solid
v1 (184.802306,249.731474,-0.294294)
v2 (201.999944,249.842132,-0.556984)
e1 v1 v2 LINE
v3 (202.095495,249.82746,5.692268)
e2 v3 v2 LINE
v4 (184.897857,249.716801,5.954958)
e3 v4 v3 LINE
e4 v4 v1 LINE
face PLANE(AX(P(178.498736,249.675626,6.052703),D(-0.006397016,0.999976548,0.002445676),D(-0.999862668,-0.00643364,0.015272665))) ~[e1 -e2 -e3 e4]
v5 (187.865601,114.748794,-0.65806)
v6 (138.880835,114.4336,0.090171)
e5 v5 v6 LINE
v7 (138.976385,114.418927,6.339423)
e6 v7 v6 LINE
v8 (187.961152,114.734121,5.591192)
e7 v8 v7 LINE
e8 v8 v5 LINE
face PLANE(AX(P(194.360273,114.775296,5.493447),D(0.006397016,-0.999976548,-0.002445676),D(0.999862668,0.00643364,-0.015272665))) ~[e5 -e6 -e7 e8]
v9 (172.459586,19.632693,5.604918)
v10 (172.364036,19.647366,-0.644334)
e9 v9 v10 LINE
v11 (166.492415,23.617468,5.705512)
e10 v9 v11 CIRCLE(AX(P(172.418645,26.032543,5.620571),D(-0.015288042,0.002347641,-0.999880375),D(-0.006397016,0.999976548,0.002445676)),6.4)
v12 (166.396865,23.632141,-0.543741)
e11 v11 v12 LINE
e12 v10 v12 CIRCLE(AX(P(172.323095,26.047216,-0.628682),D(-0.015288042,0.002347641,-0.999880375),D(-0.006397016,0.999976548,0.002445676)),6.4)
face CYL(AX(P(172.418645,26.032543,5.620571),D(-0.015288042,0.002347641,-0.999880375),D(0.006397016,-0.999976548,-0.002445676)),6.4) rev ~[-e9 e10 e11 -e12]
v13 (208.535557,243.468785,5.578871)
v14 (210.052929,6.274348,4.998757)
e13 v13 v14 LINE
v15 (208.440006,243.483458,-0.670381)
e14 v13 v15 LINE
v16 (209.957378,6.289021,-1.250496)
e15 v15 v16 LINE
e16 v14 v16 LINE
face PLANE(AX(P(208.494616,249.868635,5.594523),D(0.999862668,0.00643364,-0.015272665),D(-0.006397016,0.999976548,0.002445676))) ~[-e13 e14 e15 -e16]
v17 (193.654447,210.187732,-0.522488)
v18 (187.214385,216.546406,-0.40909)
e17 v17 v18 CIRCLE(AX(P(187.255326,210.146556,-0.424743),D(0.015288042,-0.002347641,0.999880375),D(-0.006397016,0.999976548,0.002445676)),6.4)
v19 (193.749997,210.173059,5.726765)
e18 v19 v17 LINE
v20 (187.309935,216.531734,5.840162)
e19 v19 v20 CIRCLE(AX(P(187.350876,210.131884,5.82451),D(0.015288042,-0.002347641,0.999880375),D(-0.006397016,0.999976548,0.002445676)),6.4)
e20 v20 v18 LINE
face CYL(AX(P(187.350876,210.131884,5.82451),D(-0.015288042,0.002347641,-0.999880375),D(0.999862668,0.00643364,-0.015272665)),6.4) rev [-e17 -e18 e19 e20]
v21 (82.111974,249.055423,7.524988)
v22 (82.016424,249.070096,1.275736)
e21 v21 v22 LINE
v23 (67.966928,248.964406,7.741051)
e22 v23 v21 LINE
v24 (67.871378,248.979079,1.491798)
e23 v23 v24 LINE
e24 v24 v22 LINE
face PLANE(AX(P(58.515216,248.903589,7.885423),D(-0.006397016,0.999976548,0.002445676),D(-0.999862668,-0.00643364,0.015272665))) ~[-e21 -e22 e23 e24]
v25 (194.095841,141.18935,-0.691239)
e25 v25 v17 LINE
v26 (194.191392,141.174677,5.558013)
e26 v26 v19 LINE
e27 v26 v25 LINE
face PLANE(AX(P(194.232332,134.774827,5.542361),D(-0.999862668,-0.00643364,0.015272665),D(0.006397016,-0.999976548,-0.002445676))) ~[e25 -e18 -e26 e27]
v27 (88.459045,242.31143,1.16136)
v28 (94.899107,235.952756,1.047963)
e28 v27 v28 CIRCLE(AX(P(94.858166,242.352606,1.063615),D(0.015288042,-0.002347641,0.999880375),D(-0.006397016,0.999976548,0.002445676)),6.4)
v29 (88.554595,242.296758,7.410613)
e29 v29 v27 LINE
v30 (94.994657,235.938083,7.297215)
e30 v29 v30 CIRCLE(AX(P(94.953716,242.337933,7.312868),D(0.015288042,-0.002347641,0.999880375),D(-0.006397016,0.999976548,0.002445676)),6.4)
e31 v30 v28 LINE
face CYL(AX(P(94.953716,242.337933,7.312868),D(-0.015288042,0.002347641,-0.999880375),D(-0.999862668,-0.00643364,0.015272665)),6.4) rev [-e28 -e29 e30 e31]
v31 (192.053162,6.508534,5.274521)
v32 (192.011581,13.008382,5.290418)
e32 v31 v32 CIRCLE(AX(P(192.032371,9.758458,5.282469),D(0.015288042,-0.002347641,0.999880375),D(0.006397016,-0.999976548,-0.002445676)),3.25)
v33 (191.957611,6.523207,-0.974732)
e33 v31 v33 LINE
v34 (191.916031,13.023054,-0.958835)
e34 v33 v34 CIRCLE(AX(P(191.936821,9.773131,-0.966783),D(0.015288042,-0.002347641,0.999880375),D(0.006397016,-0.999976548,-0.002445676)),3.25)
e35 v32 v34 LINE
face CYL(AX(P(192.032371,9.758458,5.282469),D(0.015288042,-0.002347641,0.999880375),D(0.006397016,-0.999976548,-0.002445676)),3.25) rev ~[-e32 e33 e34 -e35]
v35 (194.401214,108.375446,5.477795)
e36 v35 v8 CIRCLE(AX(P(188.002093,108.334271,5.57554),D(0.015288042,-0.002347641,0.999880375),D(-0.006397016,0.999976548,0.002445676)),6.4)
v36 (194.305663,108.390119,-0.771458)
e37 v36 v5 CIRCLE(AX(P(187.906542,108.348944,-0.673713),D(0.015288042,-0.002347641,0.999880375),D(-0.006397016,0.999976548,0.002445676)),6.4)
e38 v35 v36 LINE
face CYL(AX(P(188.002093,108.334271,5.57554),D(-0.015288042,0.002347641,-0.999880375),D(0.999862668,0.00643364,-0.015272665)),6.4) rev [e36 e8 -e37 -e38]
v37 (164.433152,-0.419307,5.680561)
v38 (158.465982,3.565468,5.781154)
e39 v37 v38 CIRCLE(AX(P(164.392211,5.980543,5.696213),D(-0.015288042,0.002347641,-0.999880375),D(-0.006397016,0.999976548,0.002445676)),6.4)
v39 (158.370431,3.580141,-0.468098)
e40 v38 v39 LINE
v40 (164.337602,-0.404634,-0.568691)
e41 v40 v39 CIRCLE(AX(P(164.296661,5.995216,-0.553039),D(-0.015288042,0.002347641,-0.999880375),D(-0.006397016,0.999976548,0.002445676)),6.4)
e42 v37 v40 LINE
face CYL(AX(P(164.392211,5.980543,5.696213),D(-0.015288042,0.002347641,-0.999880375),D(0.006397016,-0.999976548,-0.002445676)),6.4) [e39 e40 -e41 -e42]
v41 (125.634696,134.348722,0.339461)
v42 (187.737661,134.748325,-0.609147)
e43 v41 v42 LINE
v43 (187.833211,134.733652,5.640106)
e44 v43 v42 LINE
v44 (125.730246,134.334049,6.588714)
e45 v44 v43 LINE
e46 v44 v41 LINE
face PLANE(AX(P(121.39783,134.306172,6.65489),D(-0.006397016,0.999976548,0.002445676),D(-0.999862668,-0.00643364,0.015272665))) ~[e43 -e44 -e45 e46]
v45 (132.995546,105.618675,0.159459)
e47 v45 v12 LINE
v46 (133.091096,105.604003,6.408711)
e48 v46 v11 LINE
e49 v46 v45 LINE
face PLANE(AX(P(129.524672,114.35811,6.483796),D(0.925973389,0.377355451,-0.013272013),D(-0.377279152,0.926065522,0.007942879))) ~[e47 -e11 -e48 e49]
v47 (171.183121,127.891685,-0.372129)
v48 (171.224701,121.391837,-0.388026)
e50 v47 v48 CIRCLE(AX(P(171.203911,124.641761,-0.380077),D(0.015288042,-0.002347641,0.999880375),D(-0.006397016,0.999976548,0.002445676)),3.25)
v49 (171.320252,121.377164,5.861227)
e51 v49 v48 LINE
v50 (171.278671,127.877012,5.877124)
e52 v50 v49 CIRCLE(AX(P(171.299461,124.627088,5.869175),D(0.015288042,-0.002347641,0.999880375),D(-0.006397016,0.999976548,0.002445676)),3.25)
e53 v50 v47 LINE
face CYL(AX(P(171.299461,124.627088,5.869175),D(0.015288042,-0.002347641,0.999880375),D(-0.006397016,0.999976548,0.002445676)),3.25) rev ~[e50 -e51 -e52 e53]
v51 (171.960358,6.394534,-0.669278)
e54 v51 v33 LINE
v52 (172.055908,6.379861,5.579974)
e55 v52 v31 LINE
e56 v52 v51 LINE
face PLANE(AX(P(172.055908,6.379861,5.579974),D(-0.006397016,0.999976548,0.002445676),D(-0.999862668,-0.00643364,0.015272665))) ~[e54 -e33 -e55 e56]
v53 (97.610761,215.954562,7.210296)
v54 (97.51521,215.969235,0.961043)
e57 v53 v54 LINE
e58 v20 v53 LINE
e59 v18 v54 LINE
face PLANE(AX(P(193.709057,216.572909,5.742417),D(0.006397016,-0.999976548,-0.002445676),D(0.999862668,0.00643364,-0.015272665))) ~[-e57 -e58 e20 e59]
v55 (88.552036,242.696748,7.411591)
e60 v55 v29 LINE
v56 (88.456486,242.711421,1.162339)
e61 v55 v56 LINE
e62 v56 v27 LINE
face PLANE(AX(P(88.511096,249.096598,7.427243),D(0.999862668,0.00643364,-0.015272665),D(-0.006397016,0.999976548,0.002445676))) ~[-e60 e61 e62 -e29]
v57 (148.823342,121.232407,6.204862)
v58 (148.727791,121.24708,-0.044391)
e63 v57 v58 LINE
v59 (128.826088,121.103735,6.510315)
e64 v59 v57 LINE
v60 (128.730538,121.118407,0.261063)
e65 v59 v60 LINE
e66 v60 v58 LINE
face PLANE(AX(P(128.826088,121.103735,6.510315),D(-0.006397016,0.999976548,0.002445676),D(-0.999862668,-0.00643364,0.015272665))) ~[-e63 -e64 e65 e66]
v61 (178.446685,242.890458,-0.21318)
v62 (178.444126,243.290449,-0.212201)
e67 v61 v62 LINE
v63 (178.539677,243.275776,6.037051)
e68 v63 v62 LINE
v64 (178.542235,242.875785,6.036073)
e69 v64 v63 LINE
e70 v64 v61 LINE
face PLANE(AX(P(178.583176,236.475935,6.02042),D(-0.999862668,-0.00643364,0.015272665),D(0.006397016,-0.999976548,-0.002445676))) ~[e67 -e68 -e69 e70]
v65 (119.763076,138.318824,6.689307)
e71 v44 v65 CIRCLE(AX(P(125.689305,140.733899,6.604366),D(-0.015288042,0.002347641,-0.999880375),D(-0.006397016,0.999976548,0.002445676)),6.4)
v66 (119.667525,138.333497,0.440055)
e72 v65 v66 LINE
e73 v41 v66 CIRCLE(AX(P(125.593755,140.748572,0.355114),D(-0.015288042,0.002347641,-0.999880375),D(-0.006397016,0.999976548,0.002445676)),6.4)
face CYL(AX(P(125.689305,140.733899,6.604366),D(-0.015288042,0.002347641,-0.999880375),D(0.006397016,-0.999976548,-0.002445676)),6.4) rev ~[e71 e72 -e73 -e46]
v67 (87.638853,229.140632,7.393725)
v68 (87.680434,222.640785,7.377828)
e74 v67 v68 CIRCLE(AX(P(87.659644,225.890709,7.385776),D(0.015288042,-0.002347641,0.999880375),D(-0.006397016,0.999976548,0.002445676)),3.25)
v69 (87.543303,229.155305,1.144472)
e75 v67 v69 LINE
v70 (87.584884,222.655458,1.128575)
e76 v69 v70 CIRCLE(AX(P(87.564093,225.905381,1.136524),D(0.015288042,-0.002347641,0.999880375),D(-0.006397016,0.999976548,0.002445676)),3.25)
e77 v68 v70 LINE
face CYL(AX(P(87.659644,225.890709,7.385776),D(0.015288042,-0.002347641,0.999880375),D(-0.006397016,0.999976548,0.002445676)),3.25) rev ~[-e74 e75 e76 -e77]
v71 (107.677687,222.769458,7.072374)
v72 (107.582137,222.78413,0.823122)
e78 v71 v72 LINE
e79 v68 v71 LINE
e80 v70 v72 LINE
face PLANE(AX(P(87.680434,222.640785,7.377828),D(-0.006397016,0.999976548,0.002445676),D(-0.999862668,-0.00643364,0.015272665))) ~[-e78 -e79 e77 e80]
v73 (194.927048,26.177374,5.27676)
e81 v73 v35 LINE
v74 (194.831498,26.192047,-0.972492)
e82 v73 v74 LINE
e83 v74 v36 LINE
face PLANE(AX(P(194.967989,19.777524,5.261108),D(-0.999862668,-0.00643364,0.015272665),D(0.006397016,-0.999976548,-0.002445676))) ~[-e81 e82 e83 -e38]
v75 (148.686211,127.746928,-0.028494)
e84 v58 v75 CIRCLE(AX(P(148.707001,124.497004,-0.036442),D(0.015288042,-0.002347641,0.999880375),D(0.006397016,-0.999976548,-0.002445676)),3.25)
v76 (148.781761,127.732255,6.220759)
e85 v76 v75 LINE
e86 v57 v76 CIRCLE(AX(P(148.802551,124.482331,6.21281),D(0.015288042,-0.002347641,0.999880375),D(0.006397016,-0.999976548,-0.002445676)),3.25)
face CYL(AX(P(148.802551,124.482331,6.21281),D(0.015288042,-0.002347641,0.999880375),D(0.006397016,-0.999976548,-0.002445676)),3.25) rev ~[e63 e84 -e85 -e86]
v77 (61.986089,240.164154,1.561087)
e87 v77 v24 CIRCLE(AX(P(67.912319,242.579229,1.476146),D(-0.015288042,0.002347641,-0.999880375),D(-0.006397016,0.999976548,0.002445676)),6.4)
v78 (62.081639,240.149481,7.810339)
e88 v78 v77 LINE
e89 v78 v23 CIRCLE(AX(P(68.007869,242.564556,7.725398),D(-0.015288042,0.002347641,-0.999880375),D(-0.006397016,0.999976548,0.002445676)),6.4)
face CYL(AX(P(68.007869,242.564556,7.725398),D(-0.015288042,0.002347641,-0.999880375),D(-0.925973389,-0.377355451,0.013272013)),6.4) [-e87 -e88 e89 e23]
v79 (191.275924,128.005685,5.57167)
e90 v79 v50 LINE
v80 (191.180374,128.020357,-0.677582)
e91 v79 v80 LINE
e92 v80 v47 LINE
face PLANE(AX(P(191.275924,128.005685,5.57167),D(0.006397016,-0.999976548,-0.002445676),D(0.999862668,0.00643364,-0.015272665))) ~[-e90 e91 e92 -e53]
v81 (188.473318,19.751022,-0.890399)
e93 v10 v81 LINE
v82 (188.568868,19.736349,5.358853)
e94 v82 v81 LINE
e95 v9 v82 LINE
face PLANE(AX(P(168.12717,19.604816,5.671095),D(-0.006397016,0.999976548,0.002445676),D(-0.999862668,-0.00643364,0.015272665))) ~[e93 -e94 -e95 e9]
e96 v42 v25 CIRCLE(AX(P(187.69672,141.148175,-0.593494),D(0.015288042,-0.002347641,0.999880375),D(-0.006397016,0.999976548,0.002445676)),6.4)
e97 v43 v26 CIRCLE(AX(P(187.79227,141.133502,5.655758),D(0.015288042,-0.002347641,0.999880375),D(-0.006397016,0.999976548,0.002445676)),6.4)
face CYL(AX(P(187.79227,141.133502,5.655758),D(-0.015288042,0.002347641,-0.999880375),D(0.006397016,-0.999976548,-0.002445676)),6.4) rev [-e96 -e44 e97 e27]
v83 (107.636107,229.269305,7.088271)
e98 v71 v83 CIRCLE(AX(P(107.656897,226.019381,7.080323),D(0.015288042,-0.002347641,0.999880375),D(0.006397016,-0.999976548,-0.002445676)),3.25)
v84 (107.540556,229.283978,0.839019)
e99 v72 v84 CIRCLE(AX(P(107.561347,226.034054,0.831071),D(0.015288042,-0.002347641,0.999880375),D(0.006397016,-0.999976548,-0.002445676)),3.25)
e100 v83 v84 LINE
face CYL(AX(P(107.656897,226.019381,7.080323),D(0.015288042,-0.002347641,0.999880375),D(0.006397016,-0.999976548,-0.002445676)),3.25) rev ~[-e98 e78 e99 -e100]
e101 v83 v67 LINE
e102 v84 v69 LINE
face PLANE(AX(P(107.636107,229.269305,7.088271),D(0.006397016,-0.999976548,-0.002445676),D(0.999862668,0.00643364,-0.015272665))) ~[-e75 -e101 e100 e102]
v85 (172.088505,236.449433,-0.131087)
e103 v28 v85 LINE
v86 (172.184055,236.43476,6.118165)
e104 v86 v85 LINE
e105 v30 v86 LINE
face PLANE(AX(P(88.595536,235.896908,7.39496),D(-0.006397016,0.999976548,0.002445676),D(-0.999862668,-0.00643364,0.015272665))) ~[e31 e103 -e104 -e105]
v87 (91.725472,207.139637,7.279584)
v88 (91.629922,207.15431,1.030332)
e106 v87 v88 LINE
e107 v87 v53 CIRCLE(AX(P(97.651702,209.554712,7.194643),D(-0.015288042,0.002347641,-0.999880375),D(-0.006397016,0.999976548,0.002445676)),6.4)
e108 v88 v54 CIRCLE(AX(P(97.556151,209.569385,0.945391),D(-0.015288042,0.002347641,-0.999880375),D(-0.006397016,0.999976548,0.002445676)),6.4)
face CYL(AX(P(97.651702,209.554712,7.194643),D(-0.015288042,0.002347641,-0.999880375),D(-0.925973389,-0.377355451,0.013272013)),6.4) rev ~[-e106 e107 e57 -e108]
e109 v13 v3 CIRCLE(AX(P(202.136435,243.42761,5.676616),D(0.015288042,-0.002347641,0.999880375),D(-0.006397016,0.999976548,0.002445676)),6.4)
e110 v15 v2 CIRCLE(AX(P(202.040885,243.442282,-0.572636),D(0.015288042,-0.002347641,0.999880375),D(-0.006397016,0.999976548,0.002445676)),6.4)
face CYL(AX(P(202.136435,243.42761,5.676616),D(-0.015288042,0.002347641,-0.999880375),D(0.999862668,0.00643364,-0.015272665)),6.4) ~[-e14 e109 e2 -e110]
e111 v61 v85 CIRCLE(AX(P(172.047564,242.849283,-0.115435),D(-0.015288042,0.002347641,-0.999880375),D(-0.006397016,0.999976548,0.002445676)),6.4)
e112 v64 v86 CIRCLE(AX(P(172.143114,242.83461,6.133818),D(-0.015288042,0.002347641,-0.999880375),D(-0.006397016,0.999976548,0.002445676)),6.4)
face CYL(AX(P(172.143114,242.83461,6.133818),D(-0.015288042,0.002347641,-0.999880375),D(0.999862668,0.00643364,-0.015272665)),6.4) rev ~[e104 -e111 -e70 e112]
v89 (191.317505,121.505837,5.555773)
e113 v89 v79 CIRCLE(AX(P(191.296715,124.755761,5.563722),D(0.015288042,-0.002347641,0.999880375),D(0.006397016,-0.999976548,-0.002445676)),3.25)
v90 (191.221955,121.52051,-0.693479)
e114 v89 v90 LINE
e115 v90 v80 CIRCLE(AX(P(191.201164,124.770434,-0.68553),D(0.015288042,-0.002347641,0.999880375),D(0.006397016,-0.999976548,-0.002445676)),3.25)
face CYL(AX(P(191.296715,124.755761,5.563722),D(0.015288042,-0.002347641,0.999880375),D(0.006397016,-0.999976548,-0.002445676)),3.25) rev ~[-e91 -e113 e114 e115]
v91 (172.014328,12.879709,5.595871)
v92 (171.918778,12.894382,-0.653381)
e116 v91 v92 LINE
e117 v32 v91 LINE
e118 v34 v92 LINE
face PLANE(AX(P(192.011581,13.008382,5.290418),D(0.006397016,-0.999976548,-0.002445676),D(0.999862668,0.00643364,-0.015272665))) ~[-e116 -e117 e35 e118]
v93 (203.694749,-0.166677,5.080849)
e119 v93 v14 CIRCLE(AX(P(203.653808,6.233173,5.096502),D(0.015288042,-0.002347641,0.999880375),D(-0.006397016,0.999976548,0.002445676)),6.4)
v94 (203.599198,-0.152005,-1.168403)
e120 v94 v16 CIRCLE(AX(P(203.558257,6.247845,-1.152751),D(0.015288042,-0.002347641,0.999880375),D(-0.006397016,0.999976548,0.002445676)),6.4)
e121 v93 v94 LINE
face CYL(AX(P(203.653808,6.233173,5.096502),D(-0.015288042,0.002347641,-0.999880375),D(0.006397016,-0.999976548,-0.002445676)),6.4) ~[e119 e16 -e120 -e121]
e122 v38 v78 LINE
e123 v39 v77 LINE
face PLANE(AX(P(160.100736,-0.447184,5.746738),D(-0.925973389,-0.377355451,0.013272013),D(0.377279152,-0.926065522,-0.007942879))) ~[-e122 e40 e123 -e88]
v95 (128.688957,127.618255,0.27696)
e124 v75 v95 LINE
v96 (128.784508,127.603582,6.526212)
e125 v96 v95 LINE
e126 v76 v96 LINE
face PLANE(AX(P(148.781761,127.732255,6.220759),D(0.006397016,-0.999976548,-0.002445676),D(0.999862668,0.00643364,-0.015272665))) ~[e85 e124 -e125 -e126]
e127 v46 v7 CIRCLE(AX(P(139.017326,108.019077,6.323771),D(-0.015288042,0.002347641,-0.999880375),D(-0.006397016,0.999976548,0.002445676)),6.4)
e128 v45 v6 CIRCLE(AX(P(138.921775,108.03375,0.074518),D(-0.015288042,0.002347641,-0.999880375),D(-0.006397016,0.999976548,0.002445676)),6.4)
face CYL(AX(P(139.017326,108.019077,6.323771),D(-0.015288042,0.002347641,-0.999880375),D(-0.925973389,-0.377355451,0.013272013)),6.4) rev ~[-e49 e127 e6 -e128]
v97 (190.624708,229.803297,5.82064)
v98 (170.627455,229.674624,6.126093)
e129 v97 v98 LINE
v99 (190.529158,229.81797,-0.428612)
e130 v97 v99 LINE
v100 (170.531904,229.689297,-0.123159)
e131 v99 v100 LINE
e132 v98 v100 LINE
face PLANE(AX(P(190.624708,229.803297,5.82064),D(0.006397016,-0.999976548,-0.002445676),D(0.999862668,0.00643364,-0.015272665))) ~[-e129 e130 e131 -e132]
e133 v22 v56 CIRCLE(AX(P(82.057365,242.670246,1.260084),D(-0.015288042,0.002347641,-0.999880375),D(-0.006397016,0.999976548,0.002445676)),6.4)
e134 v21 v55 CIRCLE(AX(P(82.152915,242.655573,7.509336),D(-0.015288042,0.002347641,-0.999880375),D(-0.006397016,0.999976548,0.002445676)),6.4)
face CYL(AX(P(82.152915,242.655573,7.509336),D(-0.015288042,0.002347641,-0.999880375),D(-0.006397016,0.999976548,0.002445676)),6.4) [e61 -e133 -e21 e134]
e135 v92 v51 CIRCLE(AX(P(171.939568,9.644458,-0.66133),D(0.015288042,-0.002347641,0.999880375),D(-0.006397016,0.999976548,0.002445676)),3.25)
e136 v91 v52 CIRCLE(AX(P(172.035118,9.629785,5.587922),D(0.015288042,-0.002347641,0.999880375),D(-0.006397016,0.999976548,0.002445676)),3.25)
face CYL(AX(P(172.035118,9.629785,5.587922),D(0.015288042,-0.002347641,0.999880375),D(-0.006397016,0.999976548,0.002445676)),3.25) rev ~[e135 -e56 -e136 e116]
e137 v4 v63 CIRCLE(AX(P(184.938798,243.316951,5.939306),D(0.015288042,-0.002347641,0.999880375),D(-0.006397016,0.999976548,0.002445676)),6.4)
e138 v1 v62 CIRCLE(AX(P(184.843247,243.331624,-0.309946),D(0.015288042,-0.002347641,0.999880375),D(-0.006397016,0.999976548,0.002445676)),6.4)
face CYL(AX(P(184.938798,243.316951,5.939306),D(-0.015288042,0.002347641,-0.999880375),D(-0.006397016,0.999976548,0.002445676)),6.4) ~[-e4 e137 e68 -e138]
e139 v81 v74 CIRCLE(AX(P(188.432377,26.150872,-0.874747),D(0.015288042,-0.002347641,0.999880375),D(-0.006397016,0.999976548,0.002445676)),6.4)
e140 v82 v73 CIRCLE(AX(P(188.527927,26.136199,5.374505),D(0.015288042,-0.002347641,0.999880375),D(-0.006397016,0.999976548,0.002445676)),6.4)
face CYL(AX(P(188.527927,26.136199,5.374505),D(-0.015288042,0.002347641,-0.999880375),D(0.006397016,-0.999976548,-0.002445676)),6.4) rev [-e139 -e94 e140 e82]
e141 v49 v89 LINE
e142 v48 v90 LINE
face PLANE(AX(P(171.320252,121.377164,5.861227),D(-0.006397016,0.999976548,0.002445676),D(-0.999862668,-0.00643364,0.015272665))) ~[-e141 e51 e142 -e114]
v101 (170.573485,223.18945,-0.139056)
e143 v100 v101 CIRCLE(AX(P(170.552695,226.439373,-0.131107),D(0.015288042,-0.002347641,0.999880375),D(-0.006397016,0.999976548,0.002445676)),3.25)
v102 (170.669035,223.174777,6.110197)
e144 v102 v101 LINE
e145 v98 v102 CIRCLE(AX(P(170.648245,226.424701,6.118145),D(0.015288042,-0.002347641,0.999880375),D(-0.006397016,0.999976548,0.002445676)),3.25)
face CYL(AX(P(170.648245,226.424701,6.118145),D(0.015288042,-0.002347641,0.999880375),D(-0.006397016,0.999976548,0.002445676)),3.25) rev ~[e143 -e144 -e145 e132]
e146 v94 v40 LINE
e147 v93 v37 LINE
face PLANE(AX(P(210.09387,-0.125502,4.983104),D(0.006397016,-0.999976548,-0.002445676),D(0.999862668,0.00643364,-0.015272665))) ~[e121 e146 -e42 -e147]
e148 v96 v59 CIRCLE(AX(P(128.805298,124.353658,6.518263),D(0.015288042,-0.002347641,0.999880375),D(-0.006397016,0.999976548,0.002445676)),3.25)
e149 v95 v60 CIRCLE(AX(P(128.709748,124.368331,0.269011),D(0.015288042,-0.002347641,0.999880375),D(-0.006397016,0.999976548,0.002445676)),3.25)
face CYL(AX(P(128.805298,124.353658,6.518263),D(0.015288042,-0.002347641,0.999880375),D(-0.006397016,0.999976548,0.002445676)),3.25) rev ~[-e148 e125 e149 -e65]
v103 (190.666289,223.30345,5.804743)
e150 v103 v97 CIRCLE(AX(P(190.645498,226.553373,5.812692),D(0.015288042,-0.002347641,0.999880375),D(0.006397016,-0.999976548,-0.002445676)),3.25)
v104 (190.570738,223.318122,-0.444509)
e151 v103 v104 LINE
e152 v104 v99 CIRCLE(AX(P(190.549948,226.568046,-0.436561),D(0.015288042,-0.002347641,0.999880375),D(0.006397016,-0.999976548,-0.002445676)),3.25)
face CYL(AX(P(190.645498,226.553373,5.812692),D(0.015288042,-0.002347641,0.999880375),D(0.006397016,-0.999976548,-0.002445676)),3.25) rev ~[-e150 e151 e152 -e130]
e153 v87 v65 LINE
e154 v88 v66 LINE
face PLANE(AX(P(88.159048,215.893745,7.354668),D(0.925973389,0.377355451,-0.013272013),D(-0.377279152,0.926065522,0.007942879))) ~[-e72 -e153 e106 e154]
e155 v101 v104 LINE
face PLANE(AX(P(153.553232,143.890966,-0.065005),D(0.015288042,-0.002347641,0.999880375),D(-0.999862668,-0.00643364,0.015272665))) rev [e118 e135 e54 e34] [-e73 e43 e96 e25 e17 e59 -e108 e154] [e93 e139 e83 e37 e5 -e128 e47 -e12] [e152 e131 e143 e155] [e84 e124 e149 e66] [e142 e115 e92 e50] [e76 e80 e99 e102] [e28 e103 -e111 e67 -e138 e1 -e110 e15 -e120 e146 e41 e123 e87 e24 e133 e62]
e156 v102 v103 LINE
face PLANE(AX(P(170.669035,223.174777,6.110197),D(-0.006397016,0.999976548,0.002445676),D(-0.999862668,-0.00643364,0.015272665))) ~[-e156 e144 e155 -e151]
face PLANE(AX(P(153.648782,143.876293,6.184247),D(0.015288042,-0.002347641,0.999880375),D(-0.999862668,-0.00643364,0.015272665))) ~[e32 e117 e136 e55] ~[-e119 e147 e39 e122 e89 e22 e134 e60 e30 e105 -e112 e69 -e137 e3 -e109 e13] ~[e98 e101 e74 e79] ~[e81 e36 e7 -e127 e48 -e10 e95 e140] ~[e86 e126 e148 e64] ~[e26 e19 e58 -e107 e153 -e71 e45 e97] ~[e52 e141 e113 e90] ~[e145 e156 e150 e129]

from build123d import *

# Parameters (mm, degrees)
PAD_DEPTH              = 6.25
FILLET_R               = 6.4
MIRROR_ROLL_ANGLE      = -179.860361
MIRROR_PITCH_ANGLE     = 0.86933
MIRROR_PLACEMENT_ANGLE = 0.335531


with BuildPart() as body:
    # Sketch → Pad (new body)
    with BuildSketch(Plane.XY):
        Polygon((0, 250), (50, 250), (150, 0), (120, 0), (120, 13.2), (30, 13.2), (30, 0), (0, 0), align=None)
        Polygon((15, 230), (15, 135), (79.844506, 135), (41.844506, 230), align=None, mode=Mode.SUBTRACT)
        Polygon((15, 115), (15, 33.2), (120.564506, 33.2), (87.844506, 115), align=None, mode=Mode.SUBTRACT)
        with BuildLine():
            ThreePointArc((18, 243.25), (14.75, 240), (18, 236.75))
            Line((18, 236.75), (38, 236.75))
            ThreePointArc((38, 236.75), (41.25, 240), (38, 243.25))
            Line((38, 243.25), (18, 243.25))
        make_face(mode=Mode.SUBTRACT)
        with BuildLine():
            ThreePointArc((60.5, 128.25), (57.25, 125), (60.5, 121.75))
            Line((60.5, 121.75), (80.5, 121.75))
            ThreePointArc((80.5, 121.75), (83.75, 125), (80.5, 128.25))
            Line((80.5, 128.25), (60.5, 128.25))
        make_face(mode=Mode.SUBTRACT)
        with BuildLine():
            ThreePointArc((18, 128.25), (14.75, 125), (18, 121.75))
            Line((18, 121.75), (38, 121.75))
            ThreePointArc((38, 121.75), (41.25, 125), (38, 128.25))
            Line((38, 128.25), (18, 128.25))
        make_face(mode=Mode.SUBTRACT)
        with BuildLine():
            ThreePointArc((18, 26.45), (14.75, 23.2), (18, 19.95))
            Line((18, 19.95), (38, 19.95))
            ThreePointArc((38, 19.95), (41.25, 23.2), (38, 26.45))
            Line((38, 26.45), (18, 26.45))
        make_face(mode=Mode.SUBTRACT)
        with BuildLine():
            ThreePointArc((101, 26.45), (97.75, 23.2), (101, 19.95))
            Line((101, 19.95), (121, 19.95))
            ThreePointArc((121, 19.95), (124.25, 23.2), (121, 26.45))
            Line((121, 26.45), (101, 26.45))
        make_face(mode=Mode.SUBTRACT)
    extrude(amount=PAD_DEPTH)

    # Fillet
    fillet_edges = [body.edges().sort_by_distance(p)[0] for p in [
        (0, 0, 3.125),
        (50, 250, 3.125),
        (0, 250, 3.125),
        (150, 0, 3.125),
        (120, 0, 3.125),
        (30, 0, 3.125),
        (41.844506, 230, 3.125),
        (15, 230, 3.125),
        (87.844506, 115, 3.125),
        (15, 115, 3.125),
        (15, 135, 3.125),
        (15, 33.2, 3.125),
        (120.564506, 33.2, 3.125),
        (79.844506, 135, 3.125),
        (30, 13.2, 3.125),
        (120, 13.2, 3.125),
    ]]
    fillet(fillet_edges, radius=FILLET_R)


with BuildPart() as body_mirrored:
    # mirror: instance of Body
    add(body.part.mirror(Plane(origin=(159.79538, 145.255219, 2.976273), x_dir=(0.000289, 1, 0), z_dir=(-1, 0.000289, -5.1e-05))))


with BuildPart() as body_mirrored_1:
    # mirror roll: moved
    add(body_mirrored.part.rotate(Axis((0, 0, 0), (1, 0, 0)), MIRROR_ROLL_ANGLE))


with BuildPart() as body_mirrored_2:
    # mirror pitch: moved
    add(body_mirrored_1.part.rotate(Axis((0, 0, 0), (0, 1, 0)), MIRROR_PITCH_ANGLE))


with BuildPart() as body_mirrored_3:
    # mirror placement: moved
    add(body_mirrored_2.part.moved(Location((-110.969424, 247.905415, 10.458181))).rotate(Axis((-110.969424, 247.905415, 10.458181), (0, 0, 1)), MIRROR_PLACEMENT_ANGLE))


solid = body_mirrored_3.part
